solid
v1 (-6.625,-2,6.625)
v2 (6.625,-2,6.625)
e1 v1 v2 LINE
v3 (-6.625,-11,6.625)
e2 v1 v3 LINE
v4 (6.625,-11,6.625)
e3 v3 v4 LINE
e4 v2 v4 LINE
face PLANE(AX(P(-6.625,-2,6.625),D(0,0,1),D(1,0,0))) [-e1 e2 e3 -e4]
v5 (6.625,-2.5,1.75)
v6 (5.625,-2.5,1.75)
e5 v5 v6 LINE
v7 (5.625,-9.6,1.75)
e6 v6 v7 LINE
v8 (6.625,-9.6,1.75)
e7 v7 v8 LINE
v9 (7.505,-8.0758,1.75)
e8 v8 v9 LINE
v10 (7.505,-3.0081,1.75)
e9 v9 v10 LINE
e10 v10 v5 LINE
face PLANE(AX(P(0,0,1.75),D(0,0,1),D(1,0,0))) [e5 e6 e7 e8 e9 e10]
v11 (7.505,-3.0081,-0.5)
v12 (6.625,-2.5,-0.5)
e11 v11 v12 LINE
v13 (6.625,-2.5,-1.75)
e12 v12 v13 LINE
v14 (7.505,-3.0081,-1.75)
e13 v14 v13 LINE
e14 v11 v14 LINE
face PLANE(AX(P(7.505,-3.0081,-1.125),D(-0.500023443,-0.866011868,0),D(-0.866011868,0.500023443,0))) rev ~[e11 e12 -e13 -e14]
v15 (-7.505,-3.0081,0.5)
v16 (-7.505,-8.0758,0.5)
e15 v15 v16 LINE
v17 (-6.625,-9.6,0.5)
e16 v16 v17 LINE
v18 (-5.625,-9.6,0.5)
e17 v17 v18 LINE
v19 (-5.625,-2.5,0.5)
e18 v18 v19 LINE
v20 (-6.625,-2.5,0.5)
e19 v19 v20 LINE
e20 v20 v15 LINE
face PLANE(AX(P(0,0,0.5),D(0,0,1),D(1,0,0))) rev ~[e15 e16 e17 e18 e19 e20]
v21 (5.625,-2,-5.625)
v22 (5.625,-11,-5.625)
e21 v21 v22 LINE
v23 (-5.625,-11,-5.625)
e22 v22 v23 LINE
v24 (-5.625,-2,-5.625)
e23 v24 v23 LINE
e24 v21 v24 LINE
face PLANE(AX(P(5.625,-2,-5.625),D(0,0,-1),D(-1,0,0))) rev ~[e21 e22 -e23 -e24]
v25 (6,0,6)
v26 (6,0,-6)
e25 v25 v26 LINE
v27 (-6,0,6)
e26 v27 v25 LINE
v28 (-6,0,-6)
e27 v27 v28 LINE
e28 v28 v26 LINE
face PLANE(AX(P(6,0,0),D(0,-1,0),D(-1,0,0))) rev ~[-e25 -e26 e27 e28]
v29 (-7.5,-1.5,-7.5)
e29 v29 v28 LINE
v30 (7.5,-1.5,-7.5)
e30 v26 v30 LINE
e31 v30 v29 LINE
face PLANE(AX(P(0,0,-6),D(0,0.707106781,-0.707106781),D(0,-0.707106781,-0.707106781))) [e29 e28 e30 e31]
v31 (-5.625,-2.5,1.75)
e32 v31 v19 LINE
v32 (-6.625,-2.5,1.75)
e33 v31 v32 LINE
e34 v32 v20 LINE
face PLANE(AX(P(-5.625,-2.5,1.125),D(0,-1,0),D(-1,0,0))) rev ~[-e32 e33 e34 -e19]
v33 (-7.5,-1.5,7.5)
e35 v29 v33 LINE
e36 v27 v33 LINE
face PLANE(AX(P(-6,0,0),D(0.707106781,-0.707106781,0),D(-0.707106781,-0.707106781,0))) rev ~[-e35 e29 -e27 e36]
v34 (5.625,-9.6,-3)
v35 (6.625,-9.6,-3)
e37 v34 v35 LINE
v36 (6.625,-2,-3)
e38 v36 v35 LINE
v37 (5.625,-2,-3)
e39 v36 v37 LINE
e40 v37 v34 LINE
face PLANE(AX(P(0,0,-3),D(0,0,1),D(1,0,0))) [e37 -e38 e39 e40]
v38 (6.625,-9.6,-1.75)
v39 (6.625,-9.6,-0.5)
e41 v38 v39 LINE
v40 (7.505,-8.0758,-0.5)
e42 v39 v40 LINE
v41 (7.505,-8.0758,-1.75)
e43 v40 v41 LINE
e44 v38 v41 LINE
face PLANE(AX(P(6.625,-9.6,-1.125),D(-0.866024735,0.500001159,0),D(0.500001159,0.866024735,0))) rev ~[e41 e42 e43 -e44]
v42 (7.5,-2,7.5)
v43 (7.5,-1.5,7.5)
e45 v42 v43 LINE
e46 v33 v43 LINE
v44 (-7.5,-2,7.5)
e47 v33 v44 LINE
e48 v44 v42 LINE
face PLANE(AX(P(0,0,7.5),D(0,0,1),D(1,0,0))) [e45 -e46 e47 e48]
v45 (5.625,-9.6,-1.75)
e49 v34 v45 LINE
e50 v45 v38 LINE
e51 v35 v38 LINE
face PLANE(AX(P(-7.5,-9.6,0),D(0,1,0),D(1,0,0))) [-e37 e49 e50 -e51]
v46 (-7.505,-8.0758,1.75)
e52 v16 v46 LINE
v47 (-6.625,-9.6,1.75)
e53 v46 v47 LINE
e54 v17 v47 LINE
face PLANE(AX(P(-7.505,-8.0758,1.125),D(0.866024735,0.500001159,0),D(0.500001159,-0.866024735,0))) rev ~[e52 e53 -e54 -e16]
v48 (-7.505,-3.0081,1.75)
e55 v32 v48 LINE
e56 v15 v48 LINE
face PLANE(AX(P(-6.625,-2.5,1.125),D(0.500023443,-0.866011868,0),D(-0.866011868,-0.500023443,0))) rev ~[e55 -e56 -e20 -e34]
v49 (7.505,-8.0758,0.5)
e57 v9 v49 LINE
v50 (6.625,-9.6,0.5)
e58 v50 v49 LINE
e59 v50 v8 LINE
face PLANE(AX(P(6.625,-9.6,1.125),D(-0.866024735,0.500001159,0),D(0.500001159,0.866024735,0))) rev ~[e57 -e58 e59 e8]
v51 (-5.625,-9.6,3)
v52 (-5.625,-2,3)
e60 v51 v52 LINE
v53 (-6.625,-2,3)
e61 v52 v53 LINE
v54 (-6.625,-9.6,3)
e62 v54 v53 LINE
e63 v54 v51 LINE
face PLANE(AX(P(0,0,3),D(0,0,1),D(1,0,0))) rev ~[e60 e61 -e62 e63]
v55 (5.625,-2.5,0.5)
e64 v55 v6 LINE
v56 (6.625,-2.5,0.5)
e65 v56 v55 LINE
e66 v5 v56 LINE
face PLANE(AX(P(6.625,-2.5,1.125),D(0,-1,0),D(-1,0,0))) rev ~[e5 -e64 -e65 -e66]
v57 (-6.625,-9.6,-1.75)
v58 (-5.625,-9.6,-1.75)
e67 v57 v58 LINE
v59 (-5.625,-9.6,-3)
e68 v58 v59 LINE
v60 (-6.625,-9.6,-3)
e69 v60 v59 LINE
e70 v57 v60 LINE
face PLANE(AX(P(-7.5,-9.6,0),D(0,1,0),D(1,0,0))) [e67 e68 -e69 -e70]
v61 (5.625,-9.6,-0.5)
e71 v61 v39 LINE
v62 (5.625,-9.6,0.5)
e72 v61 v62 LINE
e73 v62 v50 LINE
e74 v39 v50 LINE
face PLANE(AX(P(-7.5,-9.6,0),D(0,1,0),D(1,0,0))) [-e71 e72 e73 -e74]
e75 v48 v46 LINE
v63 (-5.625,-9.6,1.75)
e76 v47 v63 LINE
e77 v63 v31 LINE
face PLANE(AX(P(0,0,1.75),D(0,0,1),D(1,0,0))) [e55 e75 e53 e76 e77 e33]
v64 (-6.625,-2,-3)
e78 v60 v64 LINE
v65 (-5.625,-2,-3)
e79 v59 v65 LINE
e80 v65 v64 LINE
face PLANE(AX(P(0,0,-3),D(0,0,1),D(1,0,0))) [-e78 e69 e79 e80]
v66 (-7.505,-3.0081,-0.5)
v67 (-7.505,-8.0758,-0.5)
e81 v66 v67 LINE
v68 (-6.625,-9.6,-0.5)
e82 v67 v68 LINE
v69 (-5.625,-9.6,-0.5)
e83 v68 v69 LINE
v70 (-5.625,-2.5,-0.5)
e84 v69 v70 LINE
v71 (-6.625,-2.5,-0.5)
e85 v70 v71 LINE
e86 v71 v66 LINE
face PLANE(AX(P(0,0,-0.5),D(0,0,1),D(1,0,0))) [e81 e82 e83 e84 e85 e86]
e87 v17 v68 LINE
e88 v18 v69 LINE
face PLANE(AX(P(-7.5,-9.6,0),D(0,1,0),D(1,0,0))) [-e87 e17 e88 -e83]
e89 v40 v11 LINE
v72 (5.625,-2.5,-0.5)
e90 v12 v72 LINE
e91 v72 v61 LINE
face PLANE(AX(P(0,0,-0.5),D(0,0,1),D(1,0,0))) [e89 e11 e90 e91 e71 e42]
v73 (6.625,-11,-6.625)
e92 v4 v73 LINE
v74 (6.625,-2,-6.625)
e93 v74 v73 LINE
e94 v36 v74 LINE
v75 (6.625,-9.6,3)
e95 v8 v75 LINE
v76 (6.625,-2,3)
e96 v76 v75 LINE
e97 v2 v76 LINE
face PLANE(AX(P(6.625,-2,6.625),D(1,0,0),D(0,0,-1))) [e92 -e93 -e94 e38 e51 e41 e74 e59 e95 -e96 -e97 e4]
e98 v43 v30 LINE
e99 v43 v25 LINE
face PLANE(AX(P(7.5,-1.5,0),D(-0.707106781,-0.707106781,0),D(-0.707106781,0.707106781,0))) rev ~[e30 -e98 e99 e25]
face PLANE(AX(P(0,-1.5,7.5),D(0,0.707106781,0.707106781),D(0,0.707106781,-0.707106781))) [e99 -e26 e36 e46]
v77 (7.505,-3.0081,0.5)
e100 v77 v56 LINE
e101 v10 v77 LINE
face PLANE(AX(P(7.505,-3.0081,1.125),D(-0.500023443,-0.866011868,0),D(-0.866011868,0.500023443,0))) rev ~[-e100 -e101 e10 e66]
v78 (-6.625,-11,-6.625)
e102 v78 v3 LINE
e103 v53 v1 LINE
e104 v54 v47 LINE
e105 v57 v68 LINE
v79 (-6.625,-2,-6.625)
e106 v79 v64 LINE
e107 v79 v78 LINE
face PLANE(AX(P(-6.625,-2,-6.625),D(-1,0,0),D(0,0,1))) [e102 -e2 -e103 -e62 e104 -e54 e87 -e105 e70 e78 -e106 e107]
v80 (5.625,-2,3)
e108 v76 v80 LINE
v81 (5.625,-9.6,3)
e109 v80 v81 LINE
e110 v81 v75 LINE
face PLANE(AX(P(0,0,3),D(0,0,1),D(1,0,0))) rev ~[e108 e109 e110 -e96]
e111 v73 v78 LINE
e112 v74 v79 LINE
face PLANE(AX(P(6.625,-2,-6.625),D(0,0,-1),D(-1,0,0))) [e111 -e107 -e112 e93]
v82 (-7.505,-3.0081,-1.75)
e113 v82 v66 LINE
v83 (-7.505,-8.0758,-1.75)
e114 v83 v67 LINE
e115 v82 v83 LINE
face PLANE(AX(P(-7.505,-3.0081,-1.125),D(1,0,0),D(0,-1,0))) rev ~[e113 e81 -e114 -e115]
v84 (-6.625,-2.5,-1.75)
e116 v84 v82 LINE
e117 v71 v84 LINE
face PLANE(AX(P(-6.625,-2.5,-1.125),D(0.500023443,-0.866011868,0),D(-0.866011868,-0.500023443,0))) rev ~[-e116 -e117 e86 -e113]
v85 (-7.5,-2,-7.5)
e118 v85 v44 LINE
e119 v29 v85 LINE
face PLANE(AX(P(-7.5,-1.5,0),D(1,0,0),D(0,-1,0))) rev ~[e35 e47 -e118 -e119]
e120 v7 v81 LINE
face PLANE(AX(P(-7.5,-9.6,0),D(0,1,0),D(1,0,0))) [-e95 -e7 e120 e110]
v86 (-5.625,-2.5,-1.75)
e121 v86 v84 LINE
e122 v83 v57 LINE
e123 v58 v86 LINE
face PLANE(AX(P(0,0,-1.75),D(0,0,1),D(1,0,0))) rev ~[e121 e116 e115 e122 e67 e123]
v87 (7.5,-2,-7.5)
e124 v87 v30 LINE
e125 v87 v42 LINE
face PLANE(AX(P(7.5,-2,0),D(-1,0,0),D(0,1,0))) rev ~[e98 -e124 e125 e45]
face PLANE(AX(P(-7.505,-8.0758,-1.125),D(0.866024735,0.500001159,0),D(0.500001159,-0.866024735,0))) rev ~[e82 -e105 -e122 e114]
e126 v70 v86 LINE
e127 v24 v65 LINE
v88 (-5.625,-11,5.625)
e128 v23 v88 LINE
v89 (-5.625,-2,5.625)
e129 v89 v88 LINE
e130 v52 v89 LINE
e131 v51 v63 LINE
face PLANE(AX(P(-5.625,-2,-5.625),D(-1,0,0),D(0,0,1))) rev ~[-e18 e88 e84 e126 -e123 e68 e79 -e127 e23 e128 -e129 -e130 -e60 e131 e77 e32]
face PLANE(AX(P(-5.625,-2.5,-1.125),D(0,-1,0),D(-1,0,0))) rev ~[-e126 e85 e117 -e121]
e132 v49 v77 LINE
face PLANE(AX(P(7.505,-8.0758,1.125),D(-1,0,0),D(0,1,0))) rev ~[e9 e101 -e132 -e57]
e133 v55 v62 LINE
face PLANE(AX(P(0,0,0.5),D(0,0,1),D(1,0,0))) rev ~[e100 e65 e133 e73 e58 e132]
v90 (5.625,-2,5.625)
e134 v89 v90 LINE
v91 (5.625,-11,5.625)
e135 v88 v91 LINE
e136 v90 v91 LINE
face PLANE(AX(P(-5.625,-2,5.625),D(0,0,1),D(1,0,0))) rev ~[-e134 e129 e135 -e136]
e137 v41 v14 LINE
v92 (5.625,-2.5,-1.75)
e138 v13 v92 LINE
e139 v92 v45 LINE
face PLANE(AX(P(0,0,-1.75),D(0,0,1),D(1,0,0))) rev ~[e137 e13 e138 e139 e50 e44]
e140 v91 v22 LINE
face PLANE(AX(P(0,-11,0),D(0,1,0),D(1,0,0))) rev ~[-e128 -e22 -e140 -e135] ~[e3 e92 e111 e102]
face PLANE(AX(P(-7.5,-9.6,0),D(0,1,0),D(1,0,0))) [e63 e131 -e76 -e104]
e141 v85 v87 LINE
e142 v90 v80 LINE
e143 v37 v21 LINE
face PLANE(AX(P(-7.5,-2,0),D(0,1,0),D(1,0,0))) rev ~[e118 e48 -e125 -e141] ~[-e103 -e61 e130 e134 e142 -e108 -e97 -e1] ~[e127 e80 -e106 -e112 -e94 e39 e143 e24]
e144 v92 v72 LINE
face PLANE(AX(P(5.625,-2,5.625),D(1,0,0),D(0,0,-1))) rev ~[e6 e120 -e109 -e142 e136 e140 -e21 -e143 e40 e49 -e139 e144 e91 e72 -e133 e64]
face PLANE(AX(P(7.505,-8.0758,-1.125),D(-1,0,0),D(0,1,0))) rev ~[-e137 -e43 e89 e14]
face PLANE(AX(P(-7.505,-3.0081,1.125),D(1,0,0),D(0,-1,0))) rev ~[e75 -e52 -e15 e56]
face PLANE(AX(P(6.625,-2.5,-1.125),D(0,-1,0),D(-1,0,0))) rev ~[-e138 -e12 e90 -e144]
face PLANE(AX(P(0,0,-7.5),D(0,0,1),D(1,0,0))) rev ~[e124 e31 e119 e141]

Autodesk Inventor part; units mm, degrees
sketch "Sketch_1" plane through (0, 0, 0) normal (0, 0, 1) x (1, 0, 0)
  line L0 (-7.5, -1.5) -> (-7.5, -2)
  line L1 (-7.5, -2) -> (7.5, -2)
  line L2 (7.5, -2) -> (7.5, -1.5)
  line L3 (7.5, -1.5) -> (6, 0)
  line L4 (6, 0) -> (-6, 0)
  line L5 (-6, 0) -> (-7.5, -1.5)
extrude "Extrusion1" add sketch "Sketch_1" along normal mid plane 15
sketch "Sketch_2" plane through (0, 0, 0) normal (1, 0, 0) x (0, 0, -1)
  line L0 (-7.5, -1.5) -> (-6, 0)
  line L1 (-6, 0) -> (6, 0)
  line L2 (6, 0) -> (7.5, -1.5)
  line L3 (7.5, -1.5) -> (7.5, 3.5)
  line L4 (7.5, 3.5) -> (-7.5, 3.5)
  line L5 (-7.5, 3.5) -> (-7.5, -1.5)
extrude "Extrusion2" cut sketch "Sketch_2" along normal mid plane 15
sketch "Sketch_3" plane through (0, -2, 0) normal (0, 1, 0) x (1, 0, 0)
  line L0 (-6.625, -6.625) -> (6.625, -6.625)
  line L1 (6.625, -6.625) -> (6.625, 6.625)
  line L2 (6.625, 6.625) -> (-6.625, 6.625)
  line L3 (-6.625, 6.625) -> (-6.625, -6.625)
  line L4 (-5.625, -5.625) -> (5.625, -5.625)
  line L5 (5.625, -5.625) -> (5.625, 5.625)
  line L6 (5.625, 5.625) -> (-5.625, 5.625)
  line L7 (-5.625, 5.625) -> (-5.625, -5.625)
extrude "Extrusion3" add sketch "Sketch_3" against normal blind 9
sketch "Sketch_4" plane through (0, 0, 0) normal (0, 0, 1) x (1, 0, 0)
  line L0 (-7.5, -9.6) -> (7.5, -9.6)
  line L1 (7.5, -9.6) -> (7.5, -2)
  line L2 (7.5, -2) -> (-7.5, -2)
  line L3 (-7.5, -2) -> (-7.5, -9.6)
extrude "Extrusion4" cut sketch "Sketch_4" along normal mid plane 6
sketch "Sketch_6" plane through (0, 0, 1.125) normal (0, 0, 1) x (1, 0, 0)
  line L0 (5.625, -2.5) -> (5.625, -9.6)
  line L1 (5.625, -9.6) -> (6.625, -9.6)
  line L2 (6.625, -9.6) -> (7.505, -8.0758)
  line L3 (7.505, -8.0758) -> (7.505, -3.0081)
  line L4 (7.505, -3.0081) -> (6.625, -2.5)
  line L5 (6.625, -2.5) -> (5.625, -2.5)
extrude "Extrusion5" add sketch "Sketch_6" along normal mid plane 1.25
sketch "Sketch_7" plane through (0, 0, 1.125) normal (0, 0, 1) x (1, 0, 0)
  line L0 (-7.505, -3.0081) -> (-7.505, -8.0758)
  line L1 (-7.505, -8.0758) -> (-6.625, -9.6)
  line L2 (-6.625, -9.6) -> (-5.625, -9.6)
  line L3 (-5.625, -9.6) -> (-5.625, -2.5)
  line L4 (-5.625, -2.5) -> (-6.625, -2.5)
  line L5 (-6.625, -2.5) -> (-7.505, -3.0081)
extrude "Extrusion6" add sketch "Sketch_7" along normal mid plane 1.25
sketch "Sketch_8" plane through (0, 0, -1.125) normal (0, 0, 1) x (1, 0, 0)
  line L0 (5.625, -2.5) -> (5.625, -9.6)
  line L1 (5.625, -9.6) -> (6.625, -9.6)
  line L2 (6.625, -9.6) -> (7.505, -8.0758)
  line L3 (7.505, -8.0758) -> (7.505, -3.0081)
  line L4 (7.505, -3.0081) -> (6.625, -2.5)
  line L5 (6.625, -2.5) -> (5.625, -2.5)
extrude "Extrusion7" add sketch "Sketch_8" along normal mid plane 1.25
sketch "Sketch_9" plane through (0, 0, -1.125) normal (0, 0, 1) x (1, 0, 0)
  line L0 (-7.505, -3.0081) -> (-7.505, -8.0758)
  line L1 (-7.505, -8.0758) -> (-6.625, -9.6)
  line L2 (-6.625, -9.6) -> (-5.625, -9.6)
  line L3 (-5.625, -9.6) -> (-5.625, -2.5)
  line L4 (-5.625, -2.5) -> (-6.625, -2.5)
  line L5 (-6.625, -2.5) -> (-7.505, -3.0081)
extrude "Extrusion8" add sketch "Sketch_9" along normal mid plane 1.25
ref_plane "ABDECKSTOEPSEL_XY" through (0, 0, -7.5) normal (0, 0, -1) x (1, 0, 0)
ref_plane "ABDECKSTOEPSEL_YZ" through (0, 0, -7.5) normal (1, 0, 0) x (0, -1, 0)
ref_plane "ABDECKSTOEPSEL_ZX" through (0, 0, -7.5) normal (0, -1, 0) x (0, 0, -1)
properties part number "SLZ_63_Abdeck_Stoepsel#"
